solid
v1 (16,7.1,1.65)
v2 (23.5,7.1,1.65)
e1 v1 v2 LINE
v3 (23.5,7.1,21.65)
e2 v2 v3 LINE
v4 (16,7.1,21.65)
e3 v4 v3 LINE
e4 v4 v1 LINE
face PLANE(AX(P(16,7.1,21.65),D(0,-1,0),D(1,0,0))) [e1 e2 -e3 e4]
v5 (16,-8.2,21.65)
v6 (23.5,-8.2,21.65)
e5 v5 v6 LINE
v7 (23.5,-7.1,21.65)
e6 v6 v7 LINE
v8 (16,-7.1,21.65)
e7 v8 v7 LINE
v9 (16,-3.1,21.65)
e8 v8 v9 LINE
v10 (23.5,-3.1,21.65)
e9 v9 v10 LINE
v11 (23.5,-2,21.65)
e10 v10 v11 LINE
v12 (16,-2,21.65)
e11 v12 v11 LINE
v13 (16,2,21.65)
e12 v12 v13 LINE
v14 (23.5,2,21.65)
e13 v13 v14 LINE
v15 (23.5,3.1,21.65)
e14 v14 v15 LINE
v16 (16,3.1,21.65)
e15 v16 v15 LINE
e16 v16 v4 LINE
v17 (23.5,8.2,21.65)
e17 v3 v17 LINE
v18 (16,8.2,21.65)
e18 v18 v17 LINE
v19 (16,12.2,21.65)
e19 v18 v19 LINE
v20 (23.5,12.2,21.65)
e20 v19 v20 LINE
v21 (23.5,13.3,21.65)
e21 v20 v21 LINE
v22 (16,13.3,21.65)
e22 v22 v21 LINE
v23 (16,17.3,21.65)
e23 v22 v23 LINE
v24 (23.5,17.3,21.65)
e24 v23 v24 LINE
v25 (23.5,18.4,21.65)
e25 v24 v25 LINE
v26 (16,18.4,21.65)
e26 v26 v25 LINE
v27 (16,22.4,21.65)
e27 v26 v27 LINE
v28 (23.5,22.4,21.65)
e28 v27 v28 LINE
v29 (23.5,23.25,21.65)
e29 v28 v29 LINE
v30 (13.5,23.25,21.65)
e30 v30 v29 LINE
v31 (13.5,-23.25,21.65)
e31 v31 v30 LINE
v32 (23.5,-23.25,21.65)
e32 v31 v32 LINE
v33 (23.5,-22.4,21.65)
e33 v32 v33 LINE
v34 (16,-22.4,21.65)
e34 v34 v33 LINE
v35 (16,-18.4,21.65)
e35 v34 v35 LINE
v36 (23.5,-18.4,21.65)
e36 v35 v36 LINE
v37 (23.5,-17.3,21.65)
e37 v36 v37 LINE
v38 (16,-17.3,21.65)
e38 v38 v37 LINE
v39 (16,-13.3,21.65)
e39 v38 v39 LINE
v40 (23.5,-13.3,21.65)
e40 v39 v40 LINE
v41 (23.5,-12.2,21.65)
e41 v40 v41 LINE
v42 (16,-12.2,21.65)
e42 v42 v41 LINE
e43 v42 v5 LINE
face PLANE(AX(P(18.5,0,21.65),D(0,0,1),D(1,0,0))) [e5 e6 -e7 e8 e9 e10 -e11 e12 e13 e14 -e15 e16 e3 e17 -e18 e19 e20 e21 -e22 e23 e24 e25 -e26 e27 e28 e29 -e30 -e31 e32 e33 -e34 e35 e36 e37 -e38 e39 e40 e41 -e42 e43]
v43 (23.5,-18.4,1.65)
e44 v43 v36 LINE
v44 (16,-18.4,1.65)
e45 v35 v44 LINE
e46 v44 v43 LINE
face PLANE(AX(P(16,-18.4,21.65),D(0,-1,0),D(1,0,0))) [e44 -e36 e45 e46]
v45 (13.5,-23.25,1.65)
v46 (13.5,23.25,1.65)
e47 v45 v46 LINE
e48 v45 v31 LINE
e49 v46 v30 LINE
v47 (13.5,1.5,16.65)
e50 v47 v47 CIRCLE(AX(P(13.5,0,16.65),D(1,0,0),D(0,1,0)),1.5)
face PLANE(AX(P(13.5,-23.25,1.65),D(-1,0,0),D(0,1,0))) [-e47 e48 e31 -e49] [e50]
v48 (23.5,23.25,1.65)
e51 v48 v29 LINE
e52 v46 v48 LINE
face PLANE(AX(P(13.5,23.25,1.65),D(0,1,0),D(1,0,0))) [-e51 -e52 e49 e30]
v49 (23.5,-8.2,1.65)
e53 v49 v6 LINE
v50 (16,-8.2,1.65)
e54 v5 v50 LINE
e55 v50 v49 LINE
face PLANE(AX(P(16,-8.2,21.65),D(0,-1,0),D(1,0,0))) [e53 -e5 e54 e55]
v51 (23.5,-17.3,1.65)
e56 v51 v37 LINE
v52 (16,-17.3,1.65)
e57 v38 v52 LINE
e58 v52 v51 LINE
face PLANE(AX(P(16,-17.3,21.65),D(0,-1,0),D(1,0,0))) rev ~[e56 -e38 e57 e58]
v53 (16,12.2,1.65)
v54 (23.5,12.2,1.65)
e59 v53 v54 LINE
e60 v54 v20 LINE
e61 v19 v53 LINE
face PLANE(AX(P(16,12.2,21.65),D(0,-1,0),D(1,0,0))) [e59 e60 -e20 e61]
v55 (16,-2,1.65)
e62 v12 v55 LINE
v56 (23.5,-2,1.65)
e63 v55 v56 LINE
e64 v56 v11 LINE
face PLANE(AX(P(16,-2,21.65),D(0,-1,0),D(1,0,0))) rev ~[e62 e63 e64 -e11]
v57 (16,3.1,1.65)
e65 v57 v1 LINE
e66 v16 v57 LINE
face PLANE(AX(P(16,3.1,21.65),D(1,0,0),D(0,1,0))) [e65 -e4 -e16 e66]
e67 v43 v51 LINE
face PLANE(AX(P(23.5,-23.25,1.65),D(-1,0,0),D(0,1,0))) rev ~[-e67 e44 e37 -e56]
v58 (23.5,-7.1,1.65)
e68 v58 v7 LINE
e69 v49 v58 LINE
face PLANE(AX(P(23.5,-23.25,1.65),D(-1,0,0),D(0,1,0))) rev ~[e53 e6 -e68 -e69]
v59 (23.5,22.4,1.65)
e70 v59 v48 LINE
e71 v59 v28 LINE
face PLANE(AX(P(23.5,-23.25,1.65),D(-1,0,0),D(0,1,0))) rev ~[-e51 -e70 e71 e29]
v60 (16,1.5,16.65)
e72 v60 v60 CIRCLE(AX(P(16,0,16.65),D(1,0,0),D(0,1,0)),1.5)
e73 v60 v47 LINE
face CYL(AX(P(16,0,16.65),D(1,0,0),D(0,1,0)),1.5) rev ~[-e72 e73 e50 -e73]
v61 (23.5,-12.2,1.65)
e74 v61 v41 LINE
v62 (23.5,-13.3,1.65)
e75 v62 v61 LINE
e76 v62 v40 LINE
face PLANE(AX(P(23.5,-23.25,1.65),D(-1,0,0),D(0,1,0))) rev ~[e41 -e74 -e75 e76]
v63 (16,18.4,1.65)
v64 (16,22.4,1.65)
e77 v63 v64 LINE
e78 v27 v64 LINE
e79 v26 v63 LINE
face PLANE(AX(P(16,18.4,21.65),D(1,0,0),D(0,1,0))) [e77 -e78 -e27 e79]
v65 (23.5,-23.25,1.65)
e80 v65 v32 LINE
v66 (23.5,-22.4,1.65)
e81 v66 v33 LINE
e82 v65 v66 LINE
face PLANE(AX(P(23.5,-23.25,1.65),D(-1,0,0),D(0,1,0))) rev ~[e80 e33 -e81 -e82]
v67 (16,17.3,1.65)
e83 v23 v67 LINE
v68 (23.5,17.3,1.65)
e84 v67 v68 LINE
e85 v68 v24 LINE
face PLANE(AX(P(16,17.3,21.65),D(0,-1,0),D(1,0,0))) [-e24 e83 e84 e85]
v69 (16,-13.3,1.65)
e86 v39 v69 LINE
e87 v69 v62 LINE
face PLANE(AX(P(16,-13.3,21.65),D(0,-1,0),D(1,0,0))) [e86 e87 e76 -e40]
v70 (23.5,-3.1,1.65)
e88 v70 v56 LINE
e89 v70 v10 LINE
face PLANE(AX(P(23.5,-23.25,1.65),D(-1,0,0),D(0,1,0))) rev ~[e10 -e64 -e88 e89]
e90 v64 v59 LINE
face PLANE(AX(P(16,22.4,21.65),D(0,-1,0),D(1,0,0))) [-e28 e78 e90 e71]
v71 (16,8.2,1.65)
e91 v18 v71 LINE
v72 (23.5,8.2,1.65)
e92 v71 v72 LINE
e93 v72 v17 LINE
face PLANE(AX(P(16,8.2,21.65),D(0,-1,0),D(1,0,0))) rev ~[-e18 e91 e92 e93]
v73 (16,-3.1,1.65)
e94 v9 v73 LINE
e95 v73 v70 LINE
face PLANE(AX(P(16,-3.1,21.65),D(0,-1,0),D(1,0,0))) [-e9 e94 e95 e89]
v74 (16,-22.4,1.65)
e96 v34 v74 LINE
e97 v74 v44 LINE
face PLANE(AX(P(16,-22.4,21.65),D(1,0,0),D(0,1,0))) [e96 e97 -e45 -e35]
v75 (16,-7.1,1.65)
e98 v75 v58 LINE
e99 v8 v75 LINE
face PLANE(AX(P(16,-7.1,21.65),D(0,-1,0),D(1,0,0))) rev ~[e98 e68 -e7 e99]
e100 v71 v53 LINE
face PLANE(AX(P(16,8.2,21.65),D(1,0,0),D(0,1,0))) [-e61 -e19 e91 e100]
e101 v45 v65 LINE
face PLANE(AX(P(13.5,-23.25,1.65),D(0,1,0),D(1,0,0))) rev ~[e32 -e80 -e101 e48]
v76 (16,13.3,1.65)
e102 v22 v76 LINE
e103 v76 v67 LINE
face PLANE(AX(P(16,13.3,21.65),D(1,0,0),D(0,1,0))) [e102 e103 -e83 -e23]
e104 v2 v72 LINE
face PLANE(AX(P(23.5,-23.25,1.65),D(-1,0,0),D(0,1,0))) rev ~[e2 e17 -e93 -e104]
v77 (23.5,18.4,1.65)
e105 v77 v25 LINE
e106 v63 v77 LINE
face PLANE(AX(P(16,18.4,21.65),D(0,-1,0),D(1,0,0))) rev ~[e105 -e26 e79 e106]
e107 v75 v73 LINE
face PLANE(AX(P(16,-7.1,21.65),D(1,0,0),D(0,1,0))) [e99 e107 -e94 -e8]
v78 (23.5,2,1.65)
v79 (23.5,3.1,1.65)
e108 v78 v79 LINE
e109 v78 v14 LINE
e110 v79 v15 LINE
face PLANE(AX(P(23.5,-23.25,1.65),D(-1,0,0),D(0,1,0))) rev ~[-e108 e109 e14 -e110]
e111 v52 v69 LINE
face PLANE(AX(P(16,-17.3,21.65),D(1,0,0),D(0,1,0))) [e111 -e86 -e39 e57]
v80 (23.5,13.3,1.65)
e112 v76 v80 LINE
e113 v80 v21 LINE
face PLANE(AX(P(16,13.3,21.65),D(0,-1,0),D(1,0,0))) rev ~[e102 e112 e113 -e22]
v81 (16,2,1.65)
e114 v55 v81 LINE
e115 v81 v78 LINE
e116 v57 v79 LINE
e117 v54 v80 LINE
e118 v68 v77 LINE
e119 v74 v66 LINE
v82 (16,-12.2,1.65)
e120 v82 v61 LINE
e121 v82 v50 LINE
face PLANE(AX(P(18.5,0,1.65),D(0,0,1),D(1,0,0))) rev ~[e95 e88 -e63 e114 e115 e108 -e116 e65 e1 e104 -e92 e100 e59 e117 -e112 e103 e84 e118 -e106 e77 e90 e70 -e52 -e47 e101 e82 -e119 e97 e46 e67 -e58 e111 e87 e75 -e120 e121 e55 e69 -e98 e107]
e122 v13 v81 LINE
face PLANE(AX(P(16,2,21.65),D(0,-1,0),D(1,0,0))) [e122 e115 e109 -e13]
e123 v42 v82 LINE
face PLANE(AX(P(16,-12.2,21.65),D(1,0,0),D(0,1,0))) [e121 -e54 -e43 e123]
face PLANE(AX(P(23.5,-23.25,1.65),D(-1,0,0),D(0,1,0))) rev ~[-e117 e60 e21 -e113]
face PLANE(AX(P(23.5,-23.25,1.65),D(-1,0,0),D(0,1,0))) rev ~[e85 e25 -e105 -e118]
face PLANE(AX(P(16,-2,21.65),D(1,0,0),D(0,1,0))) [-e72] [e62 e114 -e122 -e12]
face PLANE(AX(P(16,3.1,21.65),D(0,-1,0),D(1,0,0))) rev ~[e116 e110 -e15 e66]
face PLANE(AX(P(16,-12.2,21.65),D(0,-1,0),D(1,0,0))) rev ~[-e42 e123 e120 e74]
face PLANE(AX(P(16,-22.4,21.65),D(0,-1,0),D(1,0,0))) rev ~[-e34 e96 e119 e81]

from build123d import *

# Parameters (mm, degrees)
SKETCH002_W     = 10
SKETCH002_H     = 46.5
PAD001_DEPTH    = 20
SKETCH003_W     = 10
SKETCH003_H     = 4
POCKET001_DEPTH = 20
SKETCH004_R     = 1.5
POCKET002_DEPTH = 5


with BuildPart() as part:
    # Sketch002 → Pad001 (new body)
    with BuildSketch(Plane.XY):
        Rectangle(SKETCH002_W, SKETCH002_H)
    extrude(amount=PAD001_DEPTH)

    # Sketch003 (on Face6 of Pad001) → Pocket001 (cut)
    with BuildSketch(Plane.XY.offset(20)):
        with Locations((2.5, 20.4)):
            Rectangle(SKETCH003_W, SKETCH003_H)
        with Locations((2.5, 10.2)):
            Rectangle(SKETCH003_W, SKETCH003_H)
        with Locations((2.5, 15.3)):
            Rectangle(SKETCH003_W, SKETCH003_H)
        with Locations((2.5, 5.1)):
            Rectangle(SKETCH003_W, SKETCH003_H)
        with Locations((2.5, 0)):
            Rectangle(SKETCH003_W, SKETCH003_H)
        with Locations((2.5, -20.4)):
            Rectangle(SKETCH003_W, SKETCH003_H)
        with Locations((2.5, -15.3)):
            Rectangle(SKETCH003_W, SKETCH003_H)
        with Locations((2.5, -10.2)):
            Rectangle(SKETCH003_W, SKETCH003_H)
        with Locations((2.5, -5.1)):
            Rectangle(SKETCH003_W, SKETCH003_H)
    extrude(amount=-POCKET001_DEPTH, mode=Mode.SUBTRACT)

    # Sketch004 (on Face26 of Pocket001) → Pocket002 (cut)
    with BuildSketch(Plane.YZ.offset(-2.5)):
        with Locations((0, 15)):
            Circle(SKETCH004_R)
    extrude(amount=-POCKET002_DEPTH, mode=Mode.SUBTRACT)


with BuildPart() as part_1:
    # Body001 placement: moved
    add(part.part.moved(Location((18.5, 0, 1.65))))


solid = part_1.part
